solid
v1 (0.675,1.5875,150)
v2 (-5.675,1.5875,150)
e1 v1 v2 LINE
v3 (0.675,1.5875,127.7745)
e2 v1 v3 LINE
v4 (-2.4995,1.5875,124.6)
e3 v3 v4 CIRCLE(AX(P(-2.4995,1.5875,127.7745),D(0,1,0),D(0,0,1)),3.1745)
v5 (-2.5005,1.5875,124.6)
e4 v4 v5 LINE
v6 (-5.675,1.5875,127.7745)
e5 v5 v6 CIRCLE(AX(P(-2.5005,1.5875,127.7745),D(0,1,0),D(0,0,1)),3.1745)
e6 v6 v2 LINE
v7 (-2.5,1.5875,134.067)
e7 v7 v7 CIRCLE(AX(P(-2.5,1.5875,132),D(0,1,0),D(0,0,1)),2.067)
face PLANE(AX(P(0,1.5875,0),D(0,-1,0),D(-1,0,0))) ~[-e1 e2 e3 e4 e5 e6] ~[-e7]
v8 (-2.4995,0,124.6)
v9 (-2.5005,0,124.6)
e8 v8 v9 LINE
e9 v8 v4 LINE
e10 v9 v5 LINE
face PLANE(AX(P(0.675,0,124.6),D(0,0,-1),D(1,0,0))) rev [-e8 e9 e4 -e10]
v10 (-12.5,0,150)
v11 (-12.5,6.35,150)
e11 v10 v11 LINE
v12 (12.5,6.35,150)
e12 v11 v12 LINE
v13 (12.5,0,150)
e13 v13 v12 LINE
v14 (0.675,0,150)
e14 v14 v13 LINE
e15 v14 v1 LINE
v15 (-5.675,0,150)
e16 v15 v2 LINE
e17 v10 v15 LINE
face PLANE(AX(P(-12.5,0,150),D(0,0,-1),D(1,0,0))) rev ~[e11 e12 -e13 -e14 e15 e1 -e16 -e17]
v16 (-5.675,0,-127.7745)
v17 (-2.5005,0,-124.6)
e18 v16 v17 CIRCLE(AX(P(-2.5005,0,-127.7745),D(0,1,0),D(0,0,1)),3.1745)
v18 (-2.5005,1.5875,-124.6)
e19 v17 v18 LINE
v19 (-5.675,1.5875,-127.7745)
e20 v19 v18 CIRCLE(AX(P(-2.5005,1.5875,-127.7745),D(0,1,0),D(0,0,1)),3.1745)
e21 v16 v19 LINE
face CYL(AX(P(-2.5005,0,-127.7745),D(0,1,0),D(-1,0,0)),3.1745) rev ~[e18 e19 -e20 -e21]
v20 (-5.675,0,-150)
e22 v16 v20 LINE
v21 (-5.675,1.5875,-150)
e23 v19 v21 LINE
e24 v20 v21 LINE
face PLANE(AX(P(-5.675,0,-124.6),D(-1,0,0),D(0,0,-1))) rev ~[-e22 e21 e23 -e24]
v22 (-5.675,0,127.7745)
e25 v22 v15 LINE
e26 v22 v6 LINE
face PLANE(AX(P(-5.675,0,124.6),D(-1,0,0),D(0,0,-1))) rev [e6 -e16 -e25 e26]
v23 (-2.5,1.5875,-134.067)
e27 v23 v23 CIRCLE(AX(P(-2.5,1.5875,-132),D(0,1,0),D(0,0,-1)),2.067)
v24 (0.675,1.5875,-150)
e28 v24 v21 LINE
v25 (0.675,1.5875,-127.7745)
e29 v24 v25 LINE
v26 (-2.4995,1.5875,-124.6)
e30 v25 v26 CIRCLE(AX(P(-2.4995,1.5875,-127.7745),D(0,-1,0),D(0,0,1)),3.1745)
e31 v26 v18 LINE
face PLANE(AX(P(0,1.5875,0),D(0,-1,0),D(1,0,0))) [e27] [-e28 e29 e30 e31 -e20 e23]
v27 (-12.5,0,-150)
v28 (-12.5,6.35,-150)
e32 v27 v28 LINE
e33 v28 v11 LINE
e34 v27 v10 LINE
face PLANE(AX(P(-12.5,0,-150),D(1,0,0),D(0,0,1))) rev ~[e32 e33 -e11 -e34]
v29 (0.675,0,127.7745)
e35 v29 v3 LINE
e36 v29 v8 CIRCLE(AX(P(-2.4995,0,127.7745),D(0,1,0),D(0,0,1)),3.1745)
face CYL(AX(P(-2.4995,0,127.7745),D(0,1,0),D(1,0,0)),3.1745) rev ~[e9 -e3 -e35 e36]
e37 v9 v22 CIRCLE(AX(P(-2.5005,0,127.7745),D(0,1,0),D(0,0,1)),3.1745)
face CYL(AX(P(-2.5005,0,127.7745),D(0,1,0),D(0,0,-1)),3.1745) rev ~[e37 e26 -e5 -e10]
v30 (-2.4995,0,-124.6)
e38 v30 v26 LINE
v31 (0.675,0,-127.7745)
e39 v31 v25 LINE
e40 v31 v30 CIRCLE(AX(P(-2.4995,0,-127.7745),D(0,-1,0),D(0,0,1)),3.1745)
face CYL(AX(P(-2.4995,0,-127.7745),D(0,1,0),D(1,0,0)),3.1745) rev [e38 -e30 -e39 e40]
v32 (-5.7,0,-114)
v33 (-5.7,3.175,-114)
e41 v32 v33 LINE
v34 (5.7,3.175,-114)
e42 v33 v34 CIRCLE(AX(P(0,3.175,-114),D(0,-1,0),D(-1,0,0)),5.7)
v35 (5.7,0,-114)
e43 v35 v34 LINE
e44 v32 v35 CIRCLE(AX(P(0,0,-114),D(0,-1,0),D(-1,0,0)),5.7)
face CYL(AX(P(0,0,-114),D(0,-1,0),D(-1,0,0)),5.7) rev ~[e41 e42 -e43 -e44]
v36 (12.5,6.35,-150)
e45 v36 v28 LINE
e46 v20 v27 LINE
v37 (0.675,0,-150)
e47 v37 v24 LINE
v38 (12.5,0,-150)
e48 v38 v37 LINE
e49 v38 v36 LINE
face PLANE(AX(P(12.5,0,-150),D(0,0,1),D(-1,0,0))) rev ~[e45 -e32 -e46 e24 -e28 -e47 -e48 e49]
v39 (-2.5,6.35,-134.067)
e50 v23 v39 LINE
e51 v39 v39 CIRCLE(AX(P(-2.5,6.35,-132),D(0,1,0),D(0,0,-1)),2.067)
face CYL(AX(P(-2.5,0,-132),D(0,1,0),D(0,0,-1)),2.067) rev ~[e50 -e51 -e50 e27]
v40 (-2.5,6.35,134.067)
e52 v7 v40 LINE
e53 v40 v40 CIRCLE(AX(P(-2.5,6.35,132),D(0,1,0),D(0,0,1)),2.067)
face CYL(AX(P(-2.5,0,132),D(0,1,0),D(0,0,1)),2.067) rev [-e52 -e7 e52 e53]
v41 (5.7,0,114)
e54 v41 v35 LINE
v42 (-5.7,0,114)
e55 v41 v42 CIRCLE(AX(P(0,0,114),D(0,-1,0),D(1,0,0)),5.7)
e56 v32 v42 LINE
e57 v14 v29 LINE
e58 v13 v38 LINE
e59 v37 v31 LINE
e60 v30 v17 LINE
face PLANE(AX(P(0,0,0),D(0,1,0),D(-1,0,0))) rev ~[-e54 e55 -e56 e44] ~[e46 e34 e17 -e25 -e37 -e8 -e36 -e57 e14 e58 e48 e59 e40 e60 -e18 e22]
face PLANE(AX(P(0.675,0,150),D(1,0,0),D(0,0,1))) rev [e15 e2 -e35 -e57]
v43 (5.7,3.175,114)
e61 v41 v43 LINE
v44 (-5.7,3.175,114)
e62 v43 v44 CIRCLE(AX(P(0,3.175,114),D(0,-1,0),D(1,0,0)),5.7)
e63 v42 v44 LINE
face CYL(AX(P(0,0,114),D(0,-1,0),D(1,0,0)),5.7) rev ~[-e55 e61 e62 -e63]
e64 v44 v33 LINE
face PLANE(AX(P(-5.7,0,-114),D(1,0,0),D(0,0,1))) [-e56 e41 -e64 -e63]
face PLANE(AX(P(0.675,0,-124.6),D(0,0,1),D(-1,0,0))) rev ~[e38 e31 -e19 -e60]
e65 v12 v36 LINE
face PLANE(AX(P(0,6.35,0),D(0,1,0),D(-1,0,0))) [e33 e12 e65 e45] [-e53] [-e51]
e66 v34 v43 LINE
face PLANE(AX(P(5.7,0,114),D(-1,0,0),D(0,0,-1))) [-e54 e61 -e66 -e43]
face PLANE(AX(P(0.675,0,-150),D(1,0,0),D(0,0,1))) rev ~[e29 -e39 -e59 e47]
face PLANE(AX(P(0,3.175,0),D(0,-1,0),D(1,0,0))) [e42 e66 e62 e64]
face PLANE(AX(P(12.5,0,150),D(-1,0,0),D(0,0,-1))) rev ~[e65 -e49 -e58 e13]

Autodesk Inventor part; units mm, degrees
ref_plane "YZ Plane" through (0, 0, 0) normal (1, 0, 0) x (0, 1, 0)
ref_plane "XZ Plane" through (0, 0, 0) normal (0, 1, 0) x (-1, 0, 0)
ref_plane "XY Plane" through (0, 0, 0) normal (0, 0, 1) x (1, 0, 0)
sketch "Sketch1" plane through (0, 0, 0) normal (0, 1, 0) x (-1, 0, 0)
  line L0 (-5.7, -114) -> (5.7, -114)
  line L1 (5.7, -114) -> (5.7, 114)
  line L2 (5.7, 114) -> (-5.7, 114)
  line L3 (-5.7, 114) -> (-5.7, -114)
  line L4 (-5.7, -114) -> (5.7, 114) construction
  line L5 (5.7, -114) -> (-5.7, 114) construction
  line L6 (-12.5, -150) -> (12.5, -150)
  line L7 (12.5, -150) -> (12.5, 150)
  line L8 (12.5, 150) -> (-12.5, 150)
  line L9 (-12.5, 150) -> (-12.5, -150)
  line L10 (-12.5, -150) -> (12.5, 150) construction
  line L11 (12.5, -150) -> (-12.5, 150) construction
  point P0 (0, 0)
  dimension "d0" = 11.4
  dimension "d1" = 228
  dimension "d2" = 300
  dimension "d3" = 25
extrude "Extrusion1" add sketch "Sketch1" along normal blind 6.35
sketch "Sketch2" plane through (0, 6.35, 0) normal (0, 1, 0) x (1, 0, 0)
  line L0 (5.7, 114) -> (5.7, -114) projected
  line L1 (5.7, -114) -> (-5.7, -114) projected
  line L2 (-5.7, -114) -> (-5.7, 114) projected
  line L3 (-5.7, 114) -> (5.7, 114) projected
  line L4 (12.5, 150) -> (-12.5, 150) projected
  line L5 (-12.5, 150) -> (-12.5, -150) projected
  line L6 (-12.5, -150) -> (12.5, -150) projected
  line L7 (12.5, -150) -> (12.5, 150) projected
  point P0 (0, 0)
extrude "Extrusion2" add sketch "Sketch2" against normal blind 3.175 contours L0 L1 L2 L3
sketch "Sketch3" plane through (0, 0, 0) normal (0, -1, 0) x (1, 0, 0)
  line L0 (5.7, 114) -> (5.7, -114) projected
  line L1 (5.7, -114) -> (-5.7, -114) projected
  line L2 (-5.7, -114) -> (-5.7, 114) projected
  line L3 (-5.7, 114) -> (5.7, 114) projected
  line L4 (12.5, -150) -> (-12.5, -150) projected
  line L5 (12.5, 150) -> (12.5, -150) projected
  line L6 (-12.5, 150) -> (12.5, 150) projected
  line L7 (-12.5, -150) -> (-12.5, 150) projected
  point P0 (0, 0)
  point P1 (-2.5, -132)
  dimension "d8" = 18
  dimension "d36" = 10
hole "Hole1" at (-2.5, 0, -132) direction (0, 1, 0) diameter 4.134 depth 14.2 tip angle 118 thread size "M5x0.8" class "6H" standard "ANSI Metric M Profile"
sketch "Sketch4" plane through (0, 0, 0) normal (0, -1, 0) x (1, 0, 0)
  circle A0 centre (-2.5, -132) radius 2.067 projected
  line L0 (5.7, 114) -> (5.7, -114) projected
  line L1 (5.7, -114) -> (-5.7, -114) projected
  line L2 (-5.7, -114) -> (-5.7, 114) projected
  line L3 (-5.7, 114) -> (5.7, 114) projected
  line L4 (12.5, -150) -> (-12.5, -150) projected
  line L5 (12.5, 150) -> (12.5, -150) projected
  line L6 (-12.5, 150) -> (12.5, 150) projected
  line L7 (-12.5, -150) -> (-12.5, 150) projected
  line L8 (-5.675, -150) -> (0.675, -150)
  line L9 (0.675, -150) -> (0.675, -124.6)
  line L10 (0.675, -124.6) -> (-5.675, -124.6)
  line L11 (-5.675, -124.6) -> (-5.675, -150)
  line L12 (-2.5, -124.6) -> (-2.5, -132) construction
  point P0 (0, 0)
  dimension "d17" = 6.35
  dimension "d18" = 25.4
extrude "Extrusion3" cut sketch "Sketch4" against normal blind 1.5875 contours L4 L11 L10 L9
fillet "Fillet1" radius 3.175 2 edges at (-5.675, 0.7937, -124.6) (0.675, 0.7937, -124.6)
mirror "Mirror1" about plane through (0, 0, 0) normal (0, 0, 1) of "Hole1", "Extrusion3", "Fillet1"
sketch "Sketch7" plane through (0, 0, 0) normal (0, -1, 0) x (1, 0, 0)
  line L0 (5.7, 114) -> (5.7, -114) projected
  line L1 (5.7, -114) -> (-5.7, -114) projected
  line L2 (-5.7, -114) -> (-5.7, 114) projected
  line L3 (-5.7, 114) -> (5.7, 114) projected
  line L4 (0.675, 150) -> (0.675, 127.775) projected
  arc A0 (-5.675, 127.775) -> (0.675, 127.775) centre (-2.5, 127.775) ccw projected
  line L5 (-5.675, 127.775) -> (-5.675, 150) projected
  line L6 (-12.5, 150) -> (-5.675, 150) projected
  line L7 (-12.5, -150) -> (-12.5, 150) projected
  line L8 (-5.675, -150) -> (-12.5, -150) projected
  line L9 (-5.675, -150) -> (-5.675, -127.775) projected
  arc A1 (0.675, -127.775) -> (-5.675, -127.775) centre (-2.5, -127.775) ccw projected
  line L10 (0.675, -127.775) -> (0.675, -150) projected
  line L11 (12.5, -150) -> (0.675, -150) projected
  line L12 (12.5, 150) -> (12.5, -150) projected
  line L13 (0.675, 150) -> (12.5, 150) projected
  line L14 (-5.7, 114) -> (5.7, 114) projected
  arc A2 (5.7, 114) -> (-5.7, 114) centre (0, 114) ccw
  line L15 (-5.7, -114) -> (-5.7, 114) projected
  arc A3 (-5.7, -114) -> (5.7, -114) centre (0, -114) ccw
  line L16 (5.7, 114) -> (5.7, -114) projected
  point P0 (0, 0)
extrude "Extrusion5" cut sketch "Sketch7" against normal up to surface (3.175 mm away) contours L3 A2 | A3 L1
equation "\"d0\" = 2 * rubberizedCoating + ScintillatorWidth + 2 * silveringThickness"
equation "\"d1\" = 20 * d0"
equation "\"d4\" = mppcMountDepth"
equation "\"d6\" = 0.5 * mppcMountDepth"
equation "\"silveringThickness\" = 0.2"
equation "\"rubberizedCoating\" = 0.5"
equation "\"mppcMountDepth\" = 6.35"
equation "\"OpticalFiberDiameter\" = 1"
equation "\"OpticalFiberClearence\" = 0.1"
equation "\"ScintillatorEdgeClearence\" = 3"
equation "\"ShallowTrackDepth\" = 1.2"
equation "\"DeepTrackDepth\" = 5.6"
equation "\"FiberEdgeOffsett\" = 5"
equation "\"LoopLargeTrackRatio\" = 1.1"
equation "\"FiberSensorClerence\" = 0.5"
equation "\"MountingScrewOffsett\" = 9"
equation "\"ScintillatorWidth\" = 10"
properties part number "mppcMountClamp" material "Aluminum 6061"
